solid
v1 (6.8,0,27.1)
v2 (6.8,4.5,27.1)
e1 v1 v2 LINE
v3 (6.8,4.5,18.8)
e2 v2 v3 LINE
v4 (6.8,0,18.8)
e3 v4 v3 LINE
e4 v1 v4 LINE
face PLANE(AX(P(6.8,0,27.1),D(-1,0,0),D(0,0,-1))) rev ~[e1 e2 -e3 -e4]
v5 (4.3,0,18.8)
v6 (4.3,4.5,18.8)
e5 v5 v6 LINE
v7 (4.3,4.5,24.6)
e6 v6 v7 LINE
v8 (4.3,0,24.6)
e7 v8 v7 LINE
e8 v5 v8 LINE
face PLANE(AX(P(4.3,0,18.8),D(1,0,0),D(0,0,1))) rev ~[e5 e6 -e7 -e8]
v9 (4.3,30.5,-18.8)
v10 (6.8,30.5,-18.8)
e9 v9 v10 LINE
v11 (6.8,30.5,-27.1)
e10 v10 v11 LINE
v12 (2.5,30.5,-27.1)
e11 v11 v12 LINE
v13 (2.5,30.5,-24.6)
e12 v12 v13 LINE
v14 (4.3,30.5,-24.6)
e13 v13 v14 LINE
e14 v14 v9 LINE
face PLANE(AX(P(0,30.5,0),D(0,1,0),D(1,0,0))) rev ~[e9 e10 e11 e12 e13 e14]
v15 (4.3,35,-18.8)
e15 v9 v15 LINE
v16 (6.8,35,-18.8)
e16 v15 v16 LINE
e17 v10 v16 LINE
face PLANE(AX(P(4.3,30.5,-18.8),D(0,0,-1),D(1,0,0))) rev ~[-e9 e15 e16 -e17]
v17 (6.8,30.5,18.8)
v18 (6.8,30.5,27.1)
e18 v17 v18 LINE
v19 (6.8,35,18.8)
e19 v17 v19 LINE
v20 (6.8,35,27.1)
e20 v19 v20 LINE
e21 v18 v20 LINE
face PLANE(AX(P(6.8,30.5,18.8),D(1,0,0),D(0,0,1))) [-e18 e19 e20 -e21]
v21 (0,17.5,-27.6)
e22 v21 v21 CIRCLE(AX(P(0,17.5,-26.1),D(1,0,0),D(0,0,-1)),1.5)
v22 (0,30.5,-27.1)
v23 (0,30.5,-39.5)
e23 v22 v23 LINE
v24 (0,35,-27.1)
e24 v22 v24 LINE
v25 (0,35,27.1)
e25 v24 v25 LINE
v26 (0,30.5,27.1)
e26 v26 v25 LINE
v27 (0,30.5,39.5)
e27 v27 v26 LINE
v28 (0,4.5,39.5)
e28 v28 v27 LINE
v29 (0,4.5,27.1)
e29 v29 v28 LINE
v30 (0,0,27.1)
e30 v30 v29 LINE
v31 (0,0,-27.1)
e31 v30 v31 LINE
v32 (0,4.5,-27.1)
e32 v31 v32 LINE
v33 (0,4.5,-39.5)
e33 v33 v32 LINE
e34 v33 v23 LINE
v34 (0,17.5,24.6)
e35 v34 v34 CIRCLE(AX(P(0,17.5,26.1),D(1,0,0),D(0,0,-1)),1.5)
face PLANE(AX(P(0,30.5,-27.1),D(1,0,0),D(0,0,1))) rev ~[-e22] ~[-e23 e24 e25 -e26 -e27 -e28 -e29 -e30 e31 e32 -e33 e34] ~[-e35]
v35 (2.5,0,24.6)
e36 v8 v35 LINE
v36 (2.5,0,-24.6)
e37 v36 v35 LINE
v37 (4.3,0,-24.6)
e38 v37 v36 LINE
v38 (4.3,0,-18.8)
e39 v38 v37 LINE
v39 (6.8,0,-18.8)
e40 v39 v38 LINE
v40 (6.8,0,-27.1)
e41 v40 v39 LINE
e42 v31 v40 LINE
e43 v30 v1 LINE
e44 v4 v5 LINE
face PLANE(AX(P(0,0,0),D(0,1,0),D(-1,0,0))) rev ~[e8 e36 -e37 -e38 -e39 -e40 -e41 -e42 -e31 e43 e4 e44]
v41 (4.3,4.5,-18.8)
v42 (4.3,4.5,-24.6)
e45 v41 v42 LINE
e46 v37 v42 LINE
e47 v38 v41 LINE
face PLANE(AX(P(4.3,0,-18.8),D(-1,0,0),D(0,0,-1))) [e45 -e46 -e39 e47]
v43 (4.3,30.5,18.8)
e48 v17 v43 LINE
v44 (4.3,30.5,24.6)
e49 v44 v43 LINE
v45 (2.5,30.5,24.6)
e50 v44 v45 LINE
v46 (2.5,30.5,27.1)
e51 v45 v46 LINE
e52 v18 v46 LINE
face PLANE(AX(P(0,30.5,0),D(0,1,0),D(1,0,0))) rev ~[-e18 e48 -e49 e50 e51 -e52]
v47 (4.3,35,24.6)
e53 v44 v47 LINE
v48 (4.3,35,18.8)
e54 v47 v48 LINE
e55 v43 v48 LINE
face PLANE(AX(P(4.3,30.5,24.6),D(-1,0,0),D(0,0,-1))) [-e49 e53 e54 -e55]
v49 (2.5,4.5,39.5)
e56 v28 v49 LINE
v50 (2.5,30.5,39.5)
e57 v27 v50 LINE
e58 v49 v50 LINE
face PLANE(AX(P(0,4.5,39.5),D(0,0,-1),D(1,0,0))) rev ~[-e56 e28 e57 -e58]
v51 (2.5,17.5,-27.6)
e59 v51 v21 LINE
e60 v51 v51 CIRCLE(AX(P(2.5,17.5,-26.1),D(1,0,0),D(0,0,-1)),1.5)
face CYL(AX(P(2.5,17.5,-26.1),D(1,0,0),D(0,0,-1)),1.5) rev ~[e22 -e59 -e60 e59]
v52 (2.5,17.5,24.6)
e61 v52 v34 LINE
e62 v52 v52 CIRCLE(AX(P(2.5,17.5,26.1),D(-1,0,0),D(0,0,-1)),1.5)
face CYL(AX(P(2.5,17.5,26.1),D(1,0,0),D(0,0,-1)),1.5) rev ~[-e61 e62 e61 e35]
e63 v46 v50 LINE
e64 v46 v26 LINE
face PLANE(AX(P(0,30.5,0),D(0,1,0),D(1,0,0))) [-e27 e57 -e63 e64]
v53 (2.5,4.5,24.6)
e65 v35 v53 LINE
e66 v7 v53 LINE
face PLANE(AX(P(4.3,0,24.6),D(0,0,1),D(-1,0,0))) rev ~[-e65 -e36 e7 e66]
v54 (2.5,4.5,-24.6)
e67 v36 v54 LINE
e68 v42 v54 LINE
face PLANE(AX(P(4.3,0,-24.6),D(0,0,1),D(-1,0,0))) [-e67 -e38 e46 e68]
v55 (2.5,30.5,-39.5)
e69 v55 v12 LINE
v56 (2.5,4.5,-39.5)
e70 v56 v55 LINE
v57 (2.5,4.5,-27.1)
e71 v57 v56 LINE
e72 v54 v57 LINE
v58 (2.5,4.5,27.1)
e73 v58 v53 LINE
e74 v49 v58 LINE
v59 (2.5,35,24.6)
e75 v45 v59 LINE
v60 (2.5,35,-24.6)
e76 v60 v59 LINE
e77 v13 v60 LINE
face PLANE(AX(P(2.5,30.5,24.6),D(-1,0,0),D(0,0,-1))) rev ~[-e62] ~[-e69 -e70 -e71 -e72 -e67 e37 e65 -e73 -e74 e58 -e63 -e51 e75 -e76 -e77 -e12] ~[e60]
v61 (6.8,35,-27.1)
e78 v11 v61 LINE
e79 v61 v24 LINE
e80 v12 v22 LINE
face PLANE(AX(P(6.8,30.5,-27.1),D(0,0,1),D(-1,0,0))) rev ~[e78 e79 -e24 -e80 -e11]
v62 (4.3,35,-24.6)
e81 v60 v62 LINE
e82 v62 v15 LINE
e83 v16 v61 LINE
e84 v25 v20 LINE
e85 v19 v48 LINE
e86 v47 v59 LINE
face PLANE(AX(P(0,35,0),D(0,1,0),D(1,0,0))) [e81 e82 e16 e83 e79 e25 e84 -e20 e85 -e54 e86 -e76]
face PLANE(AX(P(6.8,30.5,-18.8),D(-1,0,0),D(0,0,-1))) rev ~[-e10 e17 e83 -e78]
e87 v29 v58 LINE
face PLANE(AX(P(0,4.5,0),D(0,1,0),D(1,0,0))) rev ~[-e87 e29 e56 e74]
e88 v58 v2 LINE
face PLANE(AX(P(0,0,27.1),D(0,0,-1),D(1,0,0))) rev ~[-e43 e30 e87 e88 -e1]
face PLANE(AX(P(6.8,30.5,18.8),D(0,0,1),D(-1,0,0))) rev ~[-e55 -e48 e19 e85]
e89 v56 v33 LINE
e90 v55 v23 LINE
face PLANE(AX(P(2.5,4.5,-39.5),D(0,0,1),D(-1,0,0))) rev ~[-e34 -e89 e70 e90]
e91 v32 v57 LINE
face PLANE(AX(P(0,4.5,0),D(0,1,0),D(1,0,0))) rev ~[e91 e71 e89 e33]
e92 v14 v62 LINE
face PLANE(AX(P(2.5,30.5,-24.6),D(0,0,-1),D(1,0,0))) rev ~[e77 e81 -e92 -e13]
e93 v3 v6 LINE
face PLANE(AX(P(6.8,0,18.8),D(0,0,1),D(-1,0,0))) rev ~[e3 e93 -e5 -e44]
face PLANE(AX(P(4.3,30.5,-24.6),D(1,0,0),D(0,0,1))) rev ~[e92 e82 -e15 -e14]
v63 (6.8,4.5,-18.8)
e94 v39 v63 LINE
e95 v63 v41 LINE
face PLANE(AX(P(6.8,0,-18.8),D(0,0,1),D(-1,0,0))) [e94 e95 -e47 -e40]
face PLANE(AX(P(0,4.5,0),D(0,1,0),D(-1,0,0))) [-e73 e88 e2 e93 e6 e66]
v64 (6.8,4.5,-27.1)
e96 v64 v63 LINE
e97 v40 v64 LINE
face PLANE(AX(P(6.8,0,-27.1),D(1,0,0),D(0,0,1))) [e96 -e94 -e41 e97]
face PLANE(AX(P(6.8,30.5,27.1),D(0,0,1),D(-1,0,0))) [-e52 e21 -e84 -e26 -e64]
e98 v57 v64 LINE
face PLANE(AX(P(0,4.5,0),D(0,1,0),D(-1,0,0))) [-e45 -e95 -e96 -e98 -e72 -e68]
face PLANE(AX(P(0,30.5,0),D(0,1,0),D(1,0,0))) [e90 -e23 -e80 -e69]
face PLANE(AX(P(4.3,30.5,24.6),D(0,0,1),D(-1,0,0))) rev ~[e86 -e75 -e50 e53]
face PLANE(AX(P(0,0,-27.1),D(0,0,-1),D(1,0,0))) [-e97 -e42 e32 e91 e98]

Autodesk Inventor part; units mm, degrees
ref_plane "YZ Plane" through (0, 0, 0) normal (1, 0, 0) x (0, 1, 0)
ref_plane "XZ Plane" through (0, 0, 0) normal (0, 1, 0) x (-1, 0, 0)
ref_plane "XY Plane" through (0, 0, 0) normal (0, 0, 1) x (1, 0, 0)
sketch "Sketch1" plane through (0, 0, 0) normal (0, 1, 0) x (-1, 0, 0)
  line L0 (0, 27.1) -> (0, -27.1)
  line L1 (0, 27.1) -> (-6.8, 27.1)
  line L2 (-6.8, 27.1) -> (-6.8, 18.8)
  line L3 (-6.8, 18.8) -> (-4.3, 18.8)
  line L4 (-4.3, 18.8) -> (-4.3, 24.6)
  line L5 (-4.3, 24.6) -> (-2.5, 24.6)
  line L6 (-2.5, 24.6) -> (-2.5, 0)
  line L7 (0, -27.1) -> (-6.8, -27.1)
  line L8 (-6.8, -27.1) -> (-6.8, -18.8)
  line L9 (-6.8, -18.8) -> (-4.3, -18.8)
  line L10 (-4.3, -18.8) -> (-4.3, -24.6)
  line L11 (-4.3, -24.6) -> (-2.5, -24.6)
  line L12 (-2.5, -24.6) -> (-2.5, 0)
  point P0 (0, 0)
  dimension "d0" = 54.2
  dimension "d1" = 6.8
  dimension "d2" = 8.3
  dimension "d3" = 2.5
  dimension "d4" = 5.8
  dimension "d5" = 1.8
  dimension "d6" = 8.3
  dimension "d7" = 5.8
extrude "Extrusion1" add sketch "Sketch1" along normal blind 4.5
sketch "Sketch2" plane through (0, 4.5, 0) normal (0, 1, 0) x (1, 0, 0)
  line L0 (2.5, -24.6) -> (2.5, 24.6) projected
  line L1 (2.5, 0) -> (2.5, 39.5)
  line L2 (2.5, 39.5) -> (0, 39.5)
  line L3 (0, 39.5) -> (0, 0)
  line L4 (0, 0) -> (0, -39.5)
  line L5 (0, 27.1) -> (0, -27.1) projected
  line L6 (0, -39.5) -> (2.5, -39.5)
  line L7 (2.5, -39.5) -> (2.5, 0)
  dimension "d10" = 39.5
  dimension "d11" = 39.5
extrude "Extrusion2" add sketch "Sketch2" along normal blind 26
sketch "Sketch3" plane through (0, 30.5, 0) normal (0, 1, 0) x (1, 0, 0)
  line L0 (2.5, -24.6) -> (2.5, 24.6) projected
  line L1 (2.5, 0) -> (2.5, 24.6558)
  line L2 (0, 27.1) -> (0, -27.1) projected
  line L3 (4.3, -24.6) -> (2.5, -24.6) projected
  line L4 (6.8, -18.8) -> (4.3, -18.8) projected
  line L5 (4.3, -24.6) -> (4.3, -18.8)
  line L6 (4.3, -18.8) -> (6.8, -18.8)
  line L7 (6.8, -18.8) -> (6.8, -27.1)
  line L8 (6.8, -27.1) -> (2.5, -27.1)
  line L9 (2.5, 0) -> (2.5, 24.6558)
  line L10 (2.5, 24.6) -> (4.3, 24.6) projected
  line L11 (4.3, 18.8) -> (6.8, 18.8) projected
  line L12 (4.3, 24.6) -> (4.3, 18.8)
  line L13 (4.3, 18.8) -> (6.8, 18.8)
  line L14 (6.8, 18.8) -> (6.8, 27.1)
  line L15 (6.8, 27.1) -> (0, 27.1)
  line L16 (0, 27.1) -> (0, -27.1)
  line L17 (6.8, -27.1) -> (0, -27.1)
  line L18 (4.3, -24.6) -> (2.5, -24.6)
  point P0 (0, 0)
extrude "Extrusion3" add sketch "Sketch3" along normal blind 4.5
sketch "Sketch4" plane through (2.5, 0, 24.6) normal (1, 0, 0) x (0, 0, -1)
  line L0 (64.1, 4.5) -> (64.1, 30.5) projected
  line L1 (64.1, 17.5) -> (50.7, 17.5)
  circle A0 centre (50.7, 17.5) radius 1.5
  line L2 (-14.9, 4.5) -> (-14.9, 30.5) projected
  line L3 (-14.9, 17.5) -> (-1.5, 17.5)
  circle A1 centre (-1.5, 17.5) radius 1.5
  point P0 (24.6, 0)
  dimension "d16" = 13.4
  dimension "d17" = 3
  dimension "d18" = 13.4
  dimension "d19" = 3
extrude "Extrusion4" cut sketch "Sketch4" against normal blind 4.5
properties part number "cam_holder2_conv"
